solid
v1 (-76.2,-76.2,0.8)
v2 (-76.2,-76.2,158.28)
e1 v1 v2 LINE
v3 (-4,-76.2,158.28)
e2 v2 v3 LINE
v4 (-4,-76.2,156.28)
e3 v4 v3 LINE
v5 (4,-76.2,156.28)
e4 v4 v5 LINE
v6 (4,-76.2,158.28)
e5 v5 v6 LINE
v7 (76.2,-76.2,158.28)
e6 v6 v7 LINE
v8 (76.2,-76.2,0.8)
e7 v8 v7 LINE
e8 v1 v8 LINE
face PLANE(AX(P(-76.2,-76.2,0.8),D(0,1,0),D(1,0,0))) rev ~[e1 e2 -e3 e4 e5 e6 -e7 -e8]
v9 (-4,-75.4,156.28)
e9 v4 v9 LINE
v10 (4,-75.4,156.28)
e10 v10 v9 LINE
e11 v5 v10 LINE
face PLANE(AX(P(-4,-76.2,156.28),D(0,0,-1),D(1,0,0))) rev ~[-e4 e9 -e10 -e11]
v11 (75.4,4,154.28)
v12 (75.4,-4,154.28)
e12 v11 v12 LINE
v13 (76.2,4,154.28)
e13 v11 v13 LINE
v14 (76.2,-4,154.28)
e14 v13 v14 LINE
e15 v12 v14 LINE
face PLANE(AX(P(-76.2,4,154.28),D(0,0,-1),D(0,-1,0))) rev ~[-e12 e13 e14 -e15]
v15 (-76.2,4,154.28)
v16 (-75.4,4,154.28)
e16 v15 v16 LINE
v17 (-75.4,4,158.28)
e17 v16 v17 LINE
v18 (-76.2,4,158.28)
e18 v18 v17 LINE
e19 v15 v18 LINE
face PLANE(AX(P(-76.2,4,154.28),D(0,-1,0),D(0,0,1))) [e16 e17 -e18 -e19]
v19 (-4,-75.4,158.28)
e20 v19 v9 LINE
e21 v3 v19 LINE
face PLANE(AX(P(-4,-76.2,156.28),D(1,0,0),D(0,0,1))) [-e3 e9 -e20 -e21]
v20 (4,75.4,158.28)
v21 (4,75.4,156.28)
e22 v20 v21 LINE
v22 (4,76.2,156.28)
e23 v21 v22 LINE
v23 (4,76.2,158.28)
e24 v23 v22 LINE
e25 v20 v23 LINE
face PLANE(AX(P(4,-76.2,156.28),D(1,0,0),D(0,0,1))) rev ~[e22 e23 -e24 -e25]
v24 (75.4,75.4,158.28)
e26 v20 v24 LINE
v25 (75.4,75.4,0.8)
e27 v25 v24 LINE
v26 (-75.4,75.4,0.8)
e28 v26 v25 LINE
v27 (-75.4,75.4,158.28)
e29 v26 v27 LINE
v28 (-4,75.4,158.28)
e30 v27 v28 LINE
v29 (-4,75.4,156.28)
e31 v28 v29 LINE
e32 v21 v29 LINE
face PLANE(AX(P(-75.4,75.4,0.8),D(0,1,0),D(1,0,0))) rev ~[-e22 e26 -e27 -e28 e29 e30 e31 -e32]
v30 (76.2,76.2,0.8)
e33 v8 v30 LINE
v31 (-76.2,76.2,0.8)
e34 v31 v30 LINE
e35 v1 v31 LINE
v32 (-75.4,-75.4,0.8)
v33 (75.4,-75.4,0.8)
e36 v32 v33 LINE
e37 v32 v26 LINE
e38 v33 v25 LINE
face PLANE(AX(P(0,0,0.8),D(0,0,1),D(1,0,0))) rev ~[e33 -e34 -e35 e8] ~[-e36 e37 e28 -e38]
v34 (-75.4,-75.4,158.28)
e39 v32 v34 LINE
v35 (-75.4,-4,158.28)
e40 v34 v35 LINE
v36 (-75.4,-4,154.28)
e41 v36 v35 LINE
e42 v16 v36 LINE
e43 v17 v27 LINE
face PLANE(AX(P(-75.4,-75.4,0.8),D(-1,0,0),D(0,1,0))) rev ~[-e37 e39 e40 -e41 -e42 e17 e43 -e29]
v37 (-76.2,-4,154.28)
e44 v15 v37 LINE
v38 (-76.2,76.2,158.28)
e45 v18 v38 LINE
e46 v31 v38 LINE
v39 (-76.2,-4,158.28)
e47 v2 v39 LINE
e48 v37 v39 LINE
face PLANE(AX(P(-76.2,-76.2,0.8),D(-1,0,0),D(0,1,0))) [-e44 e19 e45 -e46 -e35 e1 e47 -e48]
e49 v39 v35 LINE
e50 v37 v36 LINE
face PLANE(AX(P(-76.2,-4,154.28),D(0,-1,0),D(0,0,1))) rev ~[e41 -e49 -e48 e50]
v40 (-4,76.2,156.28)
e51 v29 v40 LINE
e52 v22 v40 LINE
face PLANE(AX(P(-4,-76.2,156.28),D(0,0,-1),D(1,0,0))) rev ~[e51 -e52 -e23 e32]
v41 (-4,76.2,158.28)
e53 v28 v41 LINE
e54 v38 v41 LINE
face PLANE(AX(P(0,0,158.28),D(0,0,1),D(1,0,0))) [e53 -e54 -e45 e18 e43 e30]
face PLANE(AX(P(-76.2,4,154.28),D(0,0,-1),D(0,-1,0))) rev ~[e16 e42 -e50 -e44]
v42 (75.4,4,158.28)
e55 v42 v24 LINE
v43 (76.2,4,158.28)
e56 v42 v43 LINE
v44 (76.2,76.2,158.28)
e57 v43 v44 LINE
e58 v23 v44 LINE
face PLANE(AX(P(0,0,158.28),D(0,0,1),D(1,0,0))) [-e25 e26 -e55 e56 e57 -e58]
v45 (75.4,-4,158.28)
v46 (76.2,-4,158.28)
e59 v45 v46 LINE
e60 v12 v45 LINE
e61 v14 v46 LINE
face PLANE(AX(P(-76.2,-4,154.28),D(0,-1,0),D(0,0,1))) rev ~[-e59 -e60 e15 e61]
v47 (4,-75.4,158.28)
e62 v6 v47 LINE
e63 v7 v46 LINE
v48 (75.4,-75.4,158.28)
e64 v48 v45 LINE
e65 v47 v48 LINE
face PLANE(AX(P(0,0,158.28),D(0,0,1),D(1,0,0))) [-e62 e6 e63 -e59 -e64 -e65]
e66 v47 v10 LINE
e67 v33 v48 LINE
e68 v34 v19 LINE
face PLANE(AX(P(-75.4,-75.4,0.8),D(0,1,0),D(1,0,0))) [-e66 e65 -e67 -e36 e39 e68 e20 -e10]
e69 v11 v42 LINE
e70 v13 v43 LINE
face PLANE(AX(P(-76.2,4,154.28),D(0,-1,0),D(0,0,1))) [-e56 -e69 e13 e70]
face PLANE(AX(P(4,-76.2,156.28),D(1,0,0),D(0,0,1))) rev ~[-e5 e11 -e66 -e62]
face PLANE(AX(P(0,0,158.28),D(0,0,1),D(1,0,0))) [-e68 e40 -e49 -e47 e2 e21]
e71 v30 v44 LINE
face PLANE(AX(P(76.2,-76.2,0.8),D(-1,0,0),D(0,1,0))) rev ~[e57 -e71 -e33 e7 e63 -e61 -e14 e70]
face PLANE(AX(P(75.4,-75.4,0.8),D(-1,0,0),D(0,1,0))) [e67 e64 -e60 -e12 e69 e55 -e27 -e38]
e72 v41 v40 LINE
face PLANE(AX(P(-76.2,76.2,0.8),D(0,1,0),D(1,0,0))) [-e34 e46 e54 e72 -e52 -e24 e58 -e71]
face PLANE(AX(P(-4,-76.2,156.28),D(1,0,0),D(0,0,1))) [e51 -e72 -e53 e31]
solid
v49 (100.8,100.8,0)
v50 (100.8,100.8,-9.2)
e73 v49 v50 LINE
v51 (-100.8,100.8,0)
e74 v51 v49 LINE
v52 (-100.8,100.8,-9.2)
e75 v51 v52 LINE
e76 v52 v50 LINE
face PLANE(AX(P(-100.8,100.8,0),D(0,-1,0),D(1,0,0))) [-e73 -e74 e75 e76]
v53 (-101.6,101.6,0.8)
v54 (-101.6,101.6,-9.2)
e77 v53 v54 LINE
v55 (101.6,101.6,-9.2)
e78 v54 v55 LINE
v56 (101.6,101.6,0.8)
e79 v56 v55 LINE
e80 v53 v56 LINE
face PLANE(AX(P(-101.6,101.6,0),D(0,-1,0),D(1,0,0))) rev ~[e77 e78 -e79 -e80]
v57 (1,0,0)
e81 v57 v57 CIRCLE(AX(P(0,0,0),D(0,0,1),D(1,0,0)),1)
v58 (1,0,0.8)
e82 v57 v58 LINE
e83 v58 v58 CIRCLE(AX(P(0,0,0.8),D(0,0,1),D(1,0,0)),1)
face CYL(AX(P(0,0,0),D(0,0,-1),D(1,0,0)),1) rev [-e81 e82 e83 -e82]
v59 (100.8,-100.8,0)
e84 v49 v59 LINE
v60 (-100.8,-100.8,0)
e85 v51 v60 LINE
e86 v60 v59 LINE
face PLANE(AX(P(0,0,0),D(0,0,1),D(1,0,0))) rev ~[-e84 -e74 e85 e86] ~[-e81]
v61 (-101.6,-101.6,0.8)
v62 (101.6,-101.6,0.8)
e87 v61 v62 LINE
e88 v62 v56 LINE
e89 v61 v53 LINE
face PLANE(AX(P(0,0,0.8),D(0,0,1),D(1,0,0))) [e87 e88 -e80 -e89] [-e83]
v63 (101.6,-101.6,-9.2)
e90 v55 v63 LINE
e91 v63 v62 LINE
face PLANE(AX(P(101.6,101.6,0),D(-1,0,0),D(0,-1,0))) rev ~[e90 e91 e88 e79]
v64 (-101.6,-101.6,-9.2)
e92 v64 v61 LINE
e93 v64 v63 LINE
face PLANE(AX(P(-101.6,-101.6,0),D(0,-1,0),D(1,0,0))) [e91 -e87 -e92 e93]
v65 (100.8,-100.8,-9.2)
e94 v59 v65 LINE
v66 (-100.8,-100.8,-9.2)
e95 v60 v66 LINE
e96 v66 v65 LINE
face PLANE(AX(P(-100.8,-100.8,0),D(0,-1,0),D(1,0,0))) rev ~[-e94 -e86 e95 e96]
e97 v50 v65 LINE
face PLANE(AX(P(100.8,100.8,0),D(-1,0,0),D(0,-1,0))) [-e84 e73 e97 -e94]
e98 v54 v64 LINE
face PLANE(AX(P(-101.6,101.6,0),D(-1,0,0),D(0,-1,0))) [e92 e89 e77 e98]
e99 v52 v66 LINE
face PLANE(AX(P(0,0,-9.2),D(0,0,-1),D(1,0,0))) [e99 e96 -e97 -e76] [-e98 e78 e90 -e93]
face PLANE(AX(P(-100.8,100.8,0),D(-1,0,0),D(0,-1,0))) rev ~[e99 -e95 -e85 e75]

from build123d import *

# Parameters (mm, degrees)
F0_W     = 203.2
F0_H     = 203.2
F0_R     = 1
F1_DEPTH = 0.8
F2_W     = 203.2
F2_H     = 203.2
F2_W_2   = 201.6
F2_H_2   = 201.6
F3_DEPTH = 9.2
F4_W     = 152.4
F4_H     = 152.4
F4_W_2   = 150.8
F4_H_2   = 150.8
F5_DEPTH = 157.48
F6_W     = 8
F6_H     = 2
F7_DEPTH = 177.801
F8_W     = 8
F8_H     = 4
F9_DEPTH = 177.801


with BuildPart() as f1:
    # F0 (on Top) → F1 (new body)
    with BuildSketch(Plane.XY):
        Rectangle(F0_W, F0_H)
        Circle(F0_R, mode=Mode.SUBTRACT)
    extrude(amount=F1_DEPTH)

    # F2 (on face) → F3 (join)
    with BuildSketch(Plane(origin=(0, 0, 0), x_dir=(1, 0, 0), z_dir=(0, 0, -1))):
        Rectangle(F2_W, F2_H)
        Rectangle(F2_W_2, F2_H_2, mode=Mode.SUBTRACT)
    extrude(amount=F3_DEPTH)


with BuildPart() as f5:
    # F4 (on face) → F5 (new body)
    with BuildSketch(Plane.XY.offset(0.8)):
        Rectangle(F4_W, F4_H)
        Rectangle(F4_W_2, F4_H_2, mode=Mode.SUBTRACT)
    extrude(amount=F5_DEPTH)

    # F6 (on face) → F7 (cut, through all)
    with BuildSketch(Plane.XZ.offset(76.2)):
        with Locations((0, 157.28)):
            Rectangle(F6_W, F6_H)
    extrude(amount=-F7_DEPTH, mode=Mode.SUBTRACT)

    # F8 (on face) → F9 (cut, through all)
    with BuildSketch(Plane(origin=(-76.2, 0, 0), x_dir=(0, -1, 0), z_dir=(-1, 0, 0))):
        with Locations((0, 156.28)):
            Rectangle(F8_W, F8_H)
    extrude(amount=-F9_DEPTH, mode=Mode.SUBTRACT)


solid = Compound([f1.part, f5.part])
